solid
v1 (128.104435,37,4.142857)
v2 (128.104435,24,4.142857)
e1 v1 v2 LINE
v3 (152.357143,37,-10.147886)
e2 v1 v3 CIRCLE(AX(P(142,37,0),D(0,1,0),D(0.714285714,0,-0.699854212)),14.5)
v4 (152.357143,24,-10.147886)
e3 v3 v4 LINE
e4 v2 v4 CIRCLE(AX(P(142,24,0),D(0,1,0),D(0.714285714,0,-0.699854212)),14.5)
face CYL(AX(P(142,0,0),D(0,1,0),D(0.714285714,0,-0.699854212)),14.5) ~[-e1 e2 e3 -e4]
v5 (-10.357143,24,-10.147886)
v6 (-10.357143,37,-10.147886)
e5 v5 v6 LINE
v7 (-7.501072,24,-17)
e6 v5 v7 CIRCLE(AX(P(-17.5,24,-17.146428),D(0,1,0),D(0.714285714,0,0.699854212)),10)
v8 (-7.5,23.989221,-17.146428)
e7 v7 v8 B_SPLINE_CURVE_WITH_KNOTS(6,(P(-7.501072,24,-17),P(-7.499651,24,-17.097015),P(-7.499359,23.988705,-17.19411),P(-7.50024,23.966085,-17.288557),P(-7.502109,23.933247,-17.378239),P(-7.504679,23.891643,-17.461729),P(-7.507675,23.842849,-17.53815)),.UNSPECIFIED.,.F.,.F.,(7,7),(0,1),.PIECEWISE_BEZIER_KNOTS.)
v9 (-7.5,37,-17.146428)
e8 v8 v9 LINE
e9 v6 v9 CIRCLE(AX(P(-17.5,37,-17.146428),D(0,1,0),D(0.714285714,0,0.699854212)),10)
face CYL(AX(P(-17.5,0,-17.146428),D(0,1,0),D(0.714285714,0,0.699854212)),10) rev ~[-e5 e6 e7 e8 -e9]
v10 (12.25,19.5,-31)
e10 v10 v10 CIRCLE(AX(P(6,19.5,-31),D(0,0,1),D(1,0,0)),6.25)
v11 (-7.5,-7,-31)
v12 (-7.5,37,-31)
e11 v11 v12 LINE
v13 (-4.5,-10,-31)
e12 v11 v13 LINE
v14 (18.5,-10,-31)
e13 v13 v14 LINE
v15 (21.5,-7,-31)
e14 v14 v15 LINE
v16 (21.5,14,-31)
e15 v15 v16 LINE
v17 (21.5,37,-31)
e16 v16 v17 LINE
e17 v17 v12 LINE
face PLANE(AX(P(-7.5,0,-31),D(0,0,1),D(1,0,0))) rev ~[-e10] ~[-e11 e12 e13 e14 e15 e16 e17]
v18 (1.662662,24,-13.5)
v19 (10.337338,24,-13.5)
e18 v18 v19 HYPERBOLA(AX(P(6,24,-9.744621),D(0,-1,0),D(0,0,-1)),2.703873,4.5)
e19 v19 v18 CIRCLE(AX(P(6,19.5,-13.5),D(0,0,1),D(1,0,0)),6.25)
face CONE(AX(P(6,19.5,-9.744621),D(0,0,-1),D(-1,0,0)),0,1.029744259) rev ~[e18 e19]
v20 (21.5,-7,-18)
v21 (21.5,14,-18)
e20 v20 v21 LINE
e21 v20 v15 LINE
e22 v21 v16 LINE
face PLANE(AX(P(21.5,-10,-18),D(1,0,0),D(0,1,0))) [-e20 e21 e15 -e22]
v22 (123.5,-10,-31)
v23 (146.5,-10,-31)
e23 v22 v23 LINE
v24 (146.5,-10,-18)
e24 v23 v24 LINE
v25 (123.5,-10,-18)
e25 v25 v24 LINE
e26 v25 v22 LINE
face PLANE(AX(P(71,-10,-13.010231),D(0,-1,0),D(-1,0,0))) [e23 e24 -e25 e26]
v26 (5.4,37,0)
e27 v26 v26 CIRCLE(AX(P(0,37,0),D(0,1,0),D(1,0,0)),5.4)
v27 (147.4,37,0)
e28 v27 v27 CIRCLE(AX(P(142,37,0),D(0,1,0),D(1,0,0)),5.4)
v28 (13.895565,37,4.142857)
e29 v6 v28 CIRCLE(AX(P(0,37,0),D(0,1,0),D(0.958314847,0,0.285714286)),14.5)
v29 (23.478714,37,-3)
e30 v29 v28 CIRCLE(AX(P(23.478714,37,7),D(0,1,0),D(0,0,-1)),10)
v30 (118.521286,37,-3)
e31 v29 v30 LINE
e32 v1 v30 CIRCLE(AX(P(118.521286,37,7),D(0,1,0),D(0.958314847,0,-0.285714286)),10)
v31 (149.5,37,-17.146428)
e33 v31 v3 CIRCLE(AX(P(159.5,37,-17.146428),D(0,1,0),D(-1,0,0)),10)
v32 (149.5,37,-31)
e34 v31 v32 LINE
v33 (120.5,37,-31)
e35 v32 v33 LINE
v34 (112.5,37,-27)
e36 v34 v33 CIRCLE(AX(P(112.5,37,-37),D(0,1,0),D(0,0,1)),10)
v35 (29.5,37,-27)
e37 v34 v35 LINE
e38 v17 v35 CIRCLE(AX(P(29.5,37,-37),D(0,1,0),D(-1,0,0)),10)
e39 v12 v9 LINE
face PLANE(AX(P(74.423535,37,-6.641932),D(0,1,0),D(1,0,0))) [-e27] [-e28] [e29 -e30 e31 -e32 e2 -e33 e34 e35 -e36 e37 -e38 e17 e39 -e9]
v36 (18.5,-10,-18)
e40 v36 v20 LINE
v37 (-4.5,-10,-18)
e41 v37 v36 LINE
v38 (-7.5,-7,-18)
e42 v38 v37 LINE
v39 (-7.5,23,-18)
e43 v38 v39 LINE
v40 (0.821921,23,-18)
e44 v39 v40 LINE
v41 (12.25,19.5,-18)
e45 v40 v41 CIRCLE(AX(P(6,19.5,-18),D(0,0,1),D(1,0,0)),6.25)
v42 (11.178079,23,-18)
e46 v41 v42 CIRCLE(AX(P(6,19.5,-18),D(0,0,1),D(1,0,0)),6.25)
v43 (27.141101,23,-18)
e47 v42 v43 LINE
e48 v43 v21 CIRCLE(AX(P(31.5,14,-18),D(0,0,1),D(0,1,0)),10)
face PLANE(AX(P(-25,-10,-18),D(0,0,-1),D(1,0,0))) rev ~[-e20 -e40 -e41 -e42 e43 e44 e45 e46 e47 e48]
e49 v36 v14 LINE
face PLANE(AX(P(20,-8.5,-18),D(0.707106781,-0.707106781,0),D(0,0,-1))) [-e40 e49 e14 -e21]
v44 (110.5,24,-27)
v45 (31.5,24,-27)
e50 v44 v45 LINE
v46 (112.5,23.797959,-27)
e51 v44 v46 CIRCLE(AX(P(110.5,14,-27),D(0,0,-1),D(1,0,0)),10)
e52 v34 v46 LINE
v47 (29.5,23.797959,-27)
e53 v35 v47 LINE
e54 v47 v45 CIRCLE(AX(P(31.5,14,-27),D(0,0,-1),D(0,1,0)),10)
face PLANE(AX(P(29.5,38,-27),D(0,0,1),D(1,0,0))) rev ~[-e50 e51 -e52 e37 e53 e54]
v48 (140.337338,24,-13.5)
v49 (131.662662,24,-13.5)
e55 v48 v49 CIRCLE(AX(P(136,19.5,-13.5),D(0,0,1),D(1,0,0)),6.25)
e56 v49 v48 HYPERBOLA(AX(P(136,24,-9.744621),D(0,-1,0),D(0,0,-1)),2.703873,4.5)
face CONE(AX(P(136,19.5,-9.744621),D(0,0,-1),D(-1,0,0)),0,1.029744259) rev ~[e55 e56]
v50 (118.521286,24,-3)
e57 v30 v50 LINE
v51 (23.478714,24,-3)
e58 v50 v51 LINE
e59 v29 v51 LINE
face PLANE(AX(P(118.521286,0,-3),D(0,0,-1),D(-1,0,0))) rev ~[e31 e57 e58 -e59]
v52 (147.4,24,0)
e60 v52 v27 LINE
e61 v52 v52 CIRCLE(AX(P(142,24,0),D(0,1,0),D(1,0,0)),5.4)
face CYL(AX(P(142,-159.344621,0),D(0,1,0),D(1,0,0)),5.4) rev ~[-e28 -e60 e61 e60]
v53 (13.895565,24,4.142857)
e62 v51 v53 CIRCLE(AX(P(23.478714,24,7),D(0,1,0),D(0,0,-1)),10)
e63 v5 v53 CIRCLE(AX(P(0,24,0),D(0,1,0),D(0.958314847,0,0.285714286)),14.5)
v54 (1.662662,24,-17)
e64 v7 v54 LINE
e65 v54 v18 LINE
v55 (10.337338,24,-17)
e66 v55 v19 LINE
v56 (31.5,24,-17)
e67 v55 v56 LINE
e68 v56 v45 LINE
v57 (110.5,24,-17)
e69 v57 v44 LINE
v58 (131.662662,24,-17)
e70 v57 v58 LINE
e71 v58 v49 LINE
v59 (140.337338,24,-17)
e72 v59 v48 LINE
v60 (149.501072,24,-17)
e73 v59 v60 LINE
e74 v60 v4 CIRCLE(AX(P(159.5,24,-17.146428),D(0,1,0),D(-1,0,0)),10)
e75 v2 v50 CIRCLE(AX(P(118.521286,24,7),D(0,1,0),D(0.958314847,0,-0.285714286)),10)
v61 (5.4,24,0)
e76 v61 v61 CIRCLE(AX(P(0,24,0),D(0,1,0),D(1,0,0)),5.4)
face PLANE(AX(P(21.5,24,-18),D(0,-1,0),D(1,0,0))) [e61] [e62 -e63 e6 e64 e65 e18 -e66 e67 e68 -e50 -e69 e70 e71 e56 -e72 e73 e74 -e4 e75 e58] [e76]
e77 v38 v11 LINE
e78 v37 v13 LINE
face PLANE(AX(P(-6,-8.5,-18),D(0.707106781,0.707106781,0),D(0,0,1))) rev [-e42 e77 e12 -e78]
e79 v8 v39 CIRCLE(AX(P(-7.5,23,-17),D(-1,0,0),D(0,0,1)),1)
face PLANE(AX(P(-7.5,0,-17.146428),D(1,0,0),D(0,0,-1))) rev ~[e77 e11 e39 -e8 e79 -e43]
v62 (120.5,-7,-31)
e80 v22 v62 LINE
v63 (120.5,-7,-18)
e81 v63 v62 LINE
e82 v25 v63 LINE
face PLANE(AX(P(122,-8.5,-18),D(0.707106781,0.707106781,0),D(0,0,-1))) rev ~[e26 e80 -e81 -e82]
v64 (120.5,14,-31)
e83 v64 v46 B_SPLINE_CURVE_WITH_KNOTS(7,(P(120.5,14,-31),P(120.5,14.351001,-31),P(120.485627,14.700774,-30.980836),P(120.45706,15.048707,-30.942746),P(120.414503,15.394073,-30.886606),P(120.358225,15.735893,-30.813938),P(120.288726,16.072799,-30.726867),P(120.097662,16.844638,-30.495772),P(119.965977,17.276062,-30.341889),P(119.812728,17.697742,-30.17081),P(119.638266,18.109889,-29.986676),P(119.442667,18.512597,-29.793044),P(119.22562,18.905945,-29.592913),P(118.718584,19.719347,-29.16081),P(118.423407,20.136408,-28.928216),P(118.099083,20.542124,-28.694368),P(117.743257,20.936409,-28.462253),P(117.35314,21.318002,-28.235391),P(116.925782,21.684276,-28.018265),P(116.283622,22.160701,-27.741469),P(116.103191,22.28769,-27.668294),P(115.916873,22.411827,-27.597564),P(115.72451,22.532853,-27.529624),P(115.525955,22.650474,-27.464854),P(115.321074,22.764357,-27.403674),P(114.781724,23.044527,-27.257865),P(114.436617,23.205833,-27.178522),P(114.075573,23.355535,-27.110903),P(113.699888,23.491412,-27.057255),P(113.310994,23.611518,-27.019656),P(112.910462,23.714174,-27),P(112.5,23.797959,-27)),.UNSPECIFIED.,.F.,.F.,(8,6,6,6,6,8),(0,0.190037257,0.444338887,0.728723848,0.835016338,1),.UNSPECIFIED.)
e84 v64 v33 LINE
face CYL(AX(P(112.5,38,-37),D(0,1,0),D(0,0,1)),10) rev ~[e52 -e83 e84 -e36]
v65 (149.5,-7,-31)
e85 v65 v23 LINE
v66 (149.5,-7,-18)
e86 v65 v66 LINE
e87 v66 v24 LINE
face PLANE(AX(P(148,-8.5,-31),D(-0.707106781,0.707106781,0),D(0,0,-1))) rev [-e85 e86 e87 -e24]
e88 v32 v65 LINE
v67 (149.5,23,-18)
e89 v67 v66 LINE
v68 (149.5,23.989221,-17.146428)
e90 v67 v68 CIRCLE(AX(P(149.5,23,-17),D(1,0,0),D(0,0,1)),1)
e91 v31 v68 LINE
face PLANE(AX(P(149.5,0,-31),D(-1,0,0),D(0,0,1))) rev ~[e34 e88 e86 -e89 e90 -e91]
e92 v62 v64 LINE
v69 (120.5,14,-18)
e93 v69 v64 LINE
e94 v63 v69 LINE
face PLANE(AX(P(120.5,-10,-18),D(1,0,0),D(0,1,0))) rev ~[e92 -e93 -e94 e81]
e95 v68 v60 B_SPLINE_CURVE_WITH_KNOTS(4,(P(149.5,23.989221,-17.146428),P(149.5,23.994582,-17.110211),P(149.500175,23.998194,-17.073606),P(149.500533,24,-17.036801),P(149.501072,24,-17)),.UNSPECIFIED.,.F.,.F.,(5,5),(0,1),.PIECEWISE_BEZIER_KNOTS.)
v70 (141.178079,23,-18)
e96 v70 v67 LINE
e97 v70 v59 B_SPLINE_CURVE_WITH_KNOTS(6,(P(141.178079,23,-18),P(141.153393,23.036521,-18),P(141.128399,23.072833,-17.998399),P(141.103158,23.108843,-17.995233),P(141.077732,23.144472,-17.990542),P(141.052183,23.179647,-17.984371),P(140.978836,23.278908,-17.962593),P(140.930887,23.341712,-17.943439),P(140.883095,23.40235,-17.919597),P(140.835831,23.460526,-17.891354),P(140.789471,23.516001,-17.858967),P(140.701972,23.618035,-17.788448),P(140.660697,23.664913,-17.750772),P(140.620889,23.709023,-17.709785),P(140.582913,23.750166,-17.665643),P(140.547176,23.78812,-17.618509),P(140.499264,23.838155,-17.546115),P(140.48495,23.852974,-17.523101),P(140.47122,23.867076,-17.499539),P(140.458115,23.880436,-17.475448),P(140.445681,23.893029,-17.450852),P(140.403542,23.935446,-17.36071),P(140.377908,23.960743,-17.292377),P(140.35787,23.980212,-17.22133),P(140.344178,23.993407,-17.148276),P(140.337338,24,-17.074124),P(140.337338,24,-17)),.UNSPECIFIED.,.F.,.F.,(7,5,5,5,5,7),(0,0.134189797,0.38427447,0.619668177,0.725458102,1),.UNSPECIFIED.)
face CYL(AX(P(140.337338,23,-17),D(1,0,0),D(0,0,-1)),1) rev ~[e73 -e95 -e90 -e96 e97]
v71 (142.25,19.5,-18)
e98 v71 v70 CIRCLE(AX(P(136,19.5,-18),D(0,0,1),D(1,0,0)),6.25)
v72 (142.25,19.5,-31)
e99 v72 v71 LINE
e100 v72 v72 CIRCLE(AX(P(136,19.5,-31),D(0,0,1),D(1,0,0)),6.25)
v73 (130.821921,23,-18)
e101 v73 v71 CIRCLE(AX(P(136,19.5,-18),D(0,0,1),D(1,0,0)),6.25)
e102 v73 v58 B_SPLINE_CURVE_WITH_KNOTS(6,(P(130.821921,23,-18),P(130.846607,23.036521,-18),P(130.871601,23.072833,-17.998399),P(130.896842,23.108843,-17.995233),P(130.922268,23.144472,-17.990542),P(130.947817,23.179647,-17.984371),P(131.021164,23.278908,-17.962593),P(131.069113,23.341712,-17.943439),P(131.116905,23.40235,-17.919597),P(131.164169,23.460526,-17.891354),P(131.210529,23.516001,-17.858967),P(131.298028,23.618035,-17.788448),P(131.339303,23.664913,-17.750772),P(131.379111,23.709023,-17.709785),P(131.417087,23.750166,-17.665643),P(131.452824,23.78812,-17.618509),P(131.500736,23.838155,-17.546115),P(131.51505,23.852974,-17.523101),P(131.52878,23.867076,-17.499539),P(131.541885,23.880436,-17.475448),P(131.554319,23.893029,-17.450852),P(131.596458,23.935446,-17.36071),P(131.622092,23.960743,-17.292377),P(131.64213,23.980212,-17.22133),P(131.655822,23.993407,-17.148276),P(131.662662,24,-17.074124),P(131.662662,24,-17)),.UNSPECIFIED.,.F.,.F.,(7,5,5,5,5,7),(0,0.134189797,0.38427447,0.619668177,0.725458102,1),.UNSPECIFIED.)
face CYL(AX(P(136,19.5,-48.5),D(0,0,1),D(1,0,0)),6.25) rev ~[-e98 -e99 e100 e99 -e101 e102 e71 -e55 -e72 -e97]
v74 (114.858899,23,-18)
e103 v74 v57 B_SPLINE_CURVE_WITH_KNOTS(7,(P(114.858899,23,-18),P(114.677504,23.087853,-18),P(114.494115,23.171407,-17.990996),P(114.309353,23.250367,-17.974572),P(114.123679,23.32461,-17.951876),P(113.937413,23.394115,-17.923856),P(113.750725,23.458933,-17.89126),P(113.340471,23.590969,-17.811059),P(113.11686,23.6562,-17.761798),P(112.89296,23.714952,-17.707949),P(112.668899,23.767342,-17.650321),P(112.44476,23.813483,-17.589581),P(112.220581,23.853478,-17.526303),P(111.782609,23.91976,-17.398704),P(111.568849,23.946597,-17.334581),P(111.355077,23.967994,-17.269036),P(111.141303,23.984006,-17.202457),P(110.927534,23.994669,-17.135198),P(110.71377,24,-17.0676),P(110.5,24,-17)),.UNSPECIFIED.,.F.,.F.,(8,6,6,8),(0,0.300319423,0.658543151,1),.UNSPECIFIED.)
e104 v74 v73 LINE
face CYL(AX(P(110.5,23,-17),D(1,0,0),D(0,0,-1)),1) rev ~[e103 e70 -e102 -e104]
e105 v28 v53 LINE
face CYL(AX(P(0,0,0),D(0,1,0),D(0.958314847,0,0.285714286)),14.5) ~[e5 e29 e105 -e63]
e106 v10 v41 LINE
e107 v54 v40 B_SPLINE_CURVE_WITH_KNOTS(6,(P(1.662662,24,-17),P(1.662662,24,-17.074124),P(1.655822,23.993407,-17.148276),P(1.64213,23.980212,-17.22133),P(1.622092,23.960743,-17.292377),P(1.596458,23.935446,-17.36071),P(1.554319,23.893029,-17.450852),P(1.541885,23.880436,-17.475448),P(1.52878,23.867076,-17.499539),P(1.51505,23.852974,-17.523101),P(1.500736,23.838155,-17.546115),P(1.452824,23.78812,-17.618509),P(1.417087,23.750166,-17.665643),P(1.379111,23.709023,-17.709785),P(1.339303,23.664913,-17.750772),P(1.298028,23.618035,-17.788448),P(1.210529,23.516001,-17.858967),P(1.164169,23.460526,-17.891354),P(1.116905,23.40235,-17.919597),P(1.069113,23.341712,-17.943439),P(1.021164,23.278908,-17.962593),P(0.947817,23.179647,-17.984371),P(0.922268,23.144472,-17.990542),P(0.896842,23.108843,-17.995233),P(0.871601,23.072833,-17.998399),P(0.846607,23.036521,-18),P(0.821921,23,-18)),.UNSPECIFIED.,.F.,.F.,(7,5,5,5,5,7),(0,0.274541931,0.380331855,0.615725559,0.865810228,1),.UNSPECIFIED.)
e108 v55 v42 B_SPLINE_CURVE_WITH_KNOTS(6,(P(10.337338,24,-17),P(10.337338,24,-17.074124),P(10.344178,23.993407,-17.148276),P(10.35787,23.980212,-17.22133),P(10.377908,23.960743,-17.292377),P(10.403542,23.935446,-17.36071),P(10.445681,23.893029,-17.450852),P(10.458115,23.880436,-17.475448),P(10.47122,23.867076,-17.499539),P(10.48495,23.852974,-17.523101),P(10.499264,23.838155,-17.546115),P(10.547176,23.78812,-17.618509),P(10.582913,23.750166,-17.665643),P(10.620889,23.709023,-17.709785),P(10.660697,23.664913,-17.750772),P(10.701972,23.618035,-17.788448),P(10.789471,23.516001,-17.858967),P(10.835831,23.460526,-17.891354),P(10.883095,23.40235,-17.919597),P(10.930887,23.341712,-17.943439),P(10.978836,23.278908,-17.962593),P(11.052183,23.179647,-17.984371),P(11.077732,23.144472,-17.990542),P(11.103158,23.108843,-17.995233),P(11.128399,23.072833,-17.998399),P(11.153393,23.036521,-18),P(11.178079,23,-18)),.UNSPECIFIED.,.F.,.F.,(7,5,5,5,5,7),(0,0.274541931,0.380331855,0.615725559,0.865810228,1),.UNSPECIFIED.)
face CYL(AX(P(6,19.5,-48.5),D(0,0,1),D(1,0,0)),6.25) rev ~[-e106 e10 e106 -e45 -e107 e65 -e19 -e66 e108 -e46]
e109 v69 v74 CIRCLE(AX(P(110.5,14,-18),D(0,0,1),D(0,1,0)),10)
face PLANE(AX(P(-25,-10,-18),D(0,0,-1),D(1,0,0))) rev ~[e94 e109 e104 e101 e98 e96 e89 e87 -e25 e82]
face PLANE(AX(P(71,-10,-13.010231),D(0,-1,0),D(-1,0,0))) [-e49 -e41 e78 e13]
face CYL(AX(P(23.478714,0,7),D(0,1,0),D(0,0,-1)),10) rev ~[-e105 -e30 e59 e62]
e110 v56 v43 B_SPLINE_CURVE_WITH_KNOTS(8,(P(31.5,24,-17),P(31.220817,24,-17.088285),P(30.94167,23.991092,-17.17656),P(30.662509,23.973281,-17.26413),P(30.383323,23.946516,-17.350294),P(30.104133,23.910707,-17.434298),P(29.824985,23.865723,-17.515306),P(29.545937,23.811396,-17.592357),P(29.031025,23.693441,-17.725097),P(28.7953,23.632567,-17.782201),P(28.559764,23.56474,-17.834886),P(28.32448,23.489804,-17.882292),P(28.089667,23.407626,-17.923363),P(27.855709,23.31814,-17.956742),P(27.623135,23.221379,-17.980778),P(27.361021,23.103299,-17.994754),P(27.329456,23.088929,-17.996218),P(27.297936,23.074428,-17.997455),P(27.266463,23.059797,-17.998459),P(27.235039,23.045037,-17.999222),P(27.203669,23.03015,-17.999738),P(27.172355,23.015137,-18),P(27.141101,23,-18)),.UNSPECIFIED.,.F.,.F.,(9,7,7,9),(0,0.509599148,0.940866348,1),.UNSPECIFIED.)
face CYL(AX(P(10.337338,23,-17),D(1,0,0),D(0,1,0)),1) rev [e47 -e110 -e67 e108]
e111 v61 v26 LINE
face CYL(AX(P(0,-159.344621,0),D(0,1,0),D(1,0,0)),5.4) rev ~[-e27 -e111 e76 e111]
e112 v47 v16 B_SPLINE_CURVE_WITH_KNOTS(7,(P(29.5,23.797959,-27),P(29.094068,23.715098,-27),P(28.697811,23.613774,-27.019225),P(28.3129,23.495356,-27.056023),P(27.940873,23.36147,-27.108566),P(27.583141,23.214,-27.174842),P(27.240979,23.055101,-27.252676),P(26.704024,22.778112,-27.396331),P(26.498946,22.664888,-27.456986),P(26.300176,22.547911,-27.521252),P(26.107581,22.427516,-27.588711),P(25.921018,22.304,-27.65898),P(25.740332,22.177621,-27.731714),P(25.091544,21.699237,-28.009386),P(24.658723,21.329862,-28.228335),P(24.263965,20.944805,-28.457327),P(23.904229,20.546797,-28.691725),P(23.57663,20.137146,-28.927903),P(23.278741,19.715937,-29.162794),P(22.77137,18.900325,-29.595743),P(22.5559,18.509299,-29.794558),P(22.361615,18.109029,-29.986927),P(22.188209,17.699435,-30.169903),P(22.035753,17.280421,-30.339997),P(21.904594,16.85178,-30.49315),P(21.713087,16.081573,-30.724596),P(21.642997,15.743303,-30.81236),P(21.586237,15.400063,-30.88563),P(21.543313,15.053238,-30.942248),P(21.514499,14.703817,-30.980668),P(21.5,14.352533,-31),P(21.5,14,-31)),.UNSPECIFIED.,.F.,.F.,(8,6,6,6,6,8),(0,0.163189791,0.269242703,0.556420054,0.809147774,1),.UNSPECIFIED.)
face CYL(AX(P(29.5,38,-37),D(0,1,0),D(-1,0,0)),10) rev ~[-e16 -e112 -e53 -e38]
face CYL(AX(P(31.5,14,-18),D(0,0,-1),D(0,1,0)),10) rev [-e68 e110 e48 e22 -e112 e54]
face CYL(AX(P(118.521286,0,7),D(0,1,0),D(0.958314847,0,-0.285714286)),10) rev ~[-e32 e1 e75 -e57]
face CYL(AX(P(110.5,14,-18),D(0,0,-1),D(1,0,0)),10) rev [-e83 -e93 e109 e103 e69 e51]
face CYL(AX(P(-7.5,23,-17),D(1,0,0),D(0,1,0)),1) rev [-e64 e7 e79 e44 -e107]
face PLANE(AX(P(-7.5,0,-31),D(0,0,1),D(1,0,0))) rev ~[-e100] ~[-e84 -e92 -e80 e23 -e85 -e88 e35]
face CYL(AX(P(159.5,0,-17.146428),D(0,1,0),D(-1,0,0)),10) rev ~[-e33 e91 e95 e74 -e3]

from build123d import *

# Parameters (mm, degrees)
BOSS_EXTRU_1_DEPTH           = 38
BOSS_EXTRU_1_DEPTH_BACK      = 10
ESQUISSE8_W                  = 200
ESQUISSE8_H                  = 45
ENL_V_MAT_EXTRU_4_DEPTH      = 34
TROU_TARAUD_M14X1_51_D       = 12.5
TROU_TARAUD_M14X1_51_DEPTH   = 17.5
TROU_TARAUD_M14X1_51_TIP     = 3.755378869
ESQUISSE10_W                 = 99
ESQUISSE10_H                 = 34
ENL_V_MAT_EXTRU_6_DEPTH      = 14
CONG_2_R                     = 10
ENL_V_MAT_EXTRU_7_DEPTH      = 1
ENL_V_MAT_EXTRU_7_DEPTH_BACK = 49
TROU_TARAUD_M12X1_251_D      = 10.8
CHANFREIN1_SIZE              = 3
CONG_3_R                     = 1
ESQUISSE14_W                 = 218.12810102
ESQUISSE14_H                 = 78.447864133
ENL_V_MAT_EXTRU_8_DEPTH      = 1


with BuildPart() as part:
    # Esquisse1 → Boss.-Extru.1 (new body, two sides)
    with BuildSketch(Plane(origin=(0, 0, 0), x_dir=(1, 0, 0), z_dir=(0, 1, 0))) as boss_extru_1_sk:
        with BuildLine():
            Line((-7.5, 31), (149.5, 31))
            Line((149.5, 31), (149.5, 17.146428199))
            ThreePointArc((149.5, 17.146428199), (150.241799002, 13.366783469), (152.357142857, 10.147886077))
            ThreePointArc((152.357142857, 10.147886077), (149.361144189, -12.492540023), (128.104434711, -4.142857143))
            ThreePointArc((128.104434711, -4.142857143), (124.497429283, 1.017837257), (118.521286236, 3))
            Line((118.521286236, 3), (23.478713764, 3))
            ThreePointArc((23.478713764, 3), (17.502570717, 1.017837257), (13.895565289, -4.142857143))
            ThreePointArc((13.895565289, -4.142857143), (-7.361144189, -12.492540023), (-10.357142857, 10.147886077))
            ThreePointArc((-10.357142857, 10.147886077), (-8.241799002, 13.366783469), (-7.5, 17.146428199))
            Line((-7.5, 17.146428199), (-7.5, 31))
        make_face()
    extrude(amount=BOSS_EXTRU_1_DEPTH)
    extrude(boss_extru_1_sk.sketch, amount=-BOSS_EXTRU_1_DEPTH_BACK)

    # Esquisse8 → Enlèv. mat.-Extru.4 (cut)
    with BuildSketch(Plane.XZ.offset(10)):
        with Locations((75, 4.5)):
            Rectangle(ESQUISSE8_W, ESQUISSE8_H)
    extrude(amount=-ENL_V_MAT_EXTRU_4_DEPTH, mode=Mode.SUBTRACT)

    # Trou taraudé M14x1.51
    with Locations(Plane(origin=(0, 0, -31), x_dir=(-1, 0, 0), z_dir=(0, 0, -1))):
        with Locations((-136, 19.5), (-6, 19.5)):
            Hole(TROU_TARAUD_M14X1_51_D / 2, depth=TROU_TARAUD_M14X1_51_DEPTH)
            with Locations((0, 0, -(TROU_TARAUD_M14X1_51_DEPTH + TROU_TARAUD_M14X1_51_TIP / 2))):  # 118° drill point
                Cone(0, TROU_TARAUD_M14X1_51_D / 2, TROU_TARAUD_M14X1_51_TIP, mode=Mode.SUBTRACT)

    # Esquisse10 → Enlèv. mat.-Extru.6 (cut, through all)
    with BuildSketch(Plane.XY.offset(-18)):
        with Locations((71, 7)):
            Rectangle(ESQUISSE10_W, ESQUISSE10_H)
    extrude(amount=-ENL_V_MAT_EXTRU_6_DEPTH, mode=Mode.SUBTRACT)

    # Congé2
    cong_2_edges = [part.edges().sort_by_distance(p)[0] for p in [
        (21.5, 24, -24.5),
        (120.5, 24, -24.5),
    ]]
    fillet(cong_2_edges, radius=CONG_2_R)

    # Esquisse11 → Enlèv. mat.-Extru.7 (cut, two sides)
    with BuildSketch(Plane(origin=(0, 38, 0), x_dir=(1, 0, 0), z_dir=(0, 1, 0))) as enl_v_mat_extru_7_sk:
        with BuildLine():
            Line((29.5, 27), (112.5, 27))
            ThreePointArc((112.5, 27), (119.571067812, 29.928932188), (122.5, 37))
            Line((122.5, 37), (122.5, 47))
            Line((122.5, 47), (19.5, 47))
            Line((19.5, 47), (19.5, 37))
            ThreePointArc((19.5, 37), (22.428932188, 29.928932188), (29.5, 27))
        make_face()
    extrude(amount=ENL_V_MAT_EXTRU_7_DEPTH, mode=Mode.SUBTRACT)
    extrude(enl_v_mat_extru_7_sk.sketch, amount=-ENL_V_MAT_EXTRU_7_DEPTH_BACK, mode=Mode.SUBTRACT)

    # Trou taraudé M12x1.251 (through all)
    with Locations(Plane(origin=(0, 24, 0), x_dir=(-1, 0, 0), z_dir=(0, -1, 0))):
        with Locations((0, 0), (-142, 0)):
            Hole(TROU_TARAUD_M12X1_251_D / 2)

    # Chanfrein1
    chanfrein1_edges = [part.edges().sort_by_distance(p)[0] for p in [
        (21.5, -10, -24.5),
        (120.5, -10, -24.5),
        (-7.5, -10, -24.5),
        (149.5, -10, -24.5),
    ]]
    chamfer(chanfrein1_edges, length=CHANFREIN1_SIZE)

    # Congé3
    cong_3_edges = [part.edges().sort_by_distance(p)[0] for p in [
        (144.918668947, 24, -18),
        (121.081331053, 24, -18),
        (20.918668947, 24, -18),
        (-2.918668947, 24, -18),
    ]]
    fillet(cong_3_edges, radius=CONG_3_R)

    # Esquisse14 → Enlèv. mat.-Extru.8 (cut)
    with BuildSketch(Plane(origin=(0, 38, 0), x_dir=(1, 0, 0), z_dir=(0, 1, 0))):
        with Locations((74.423535218, 6.641931997)):
            Rectangle(ESQUISSE14_W, ESQUISSE14_H)
    extrude(amount=-ENL_V_MAT_EXTRU_8_DEPTH, mode=Mode.SUBTRACT)


solid = part.part
